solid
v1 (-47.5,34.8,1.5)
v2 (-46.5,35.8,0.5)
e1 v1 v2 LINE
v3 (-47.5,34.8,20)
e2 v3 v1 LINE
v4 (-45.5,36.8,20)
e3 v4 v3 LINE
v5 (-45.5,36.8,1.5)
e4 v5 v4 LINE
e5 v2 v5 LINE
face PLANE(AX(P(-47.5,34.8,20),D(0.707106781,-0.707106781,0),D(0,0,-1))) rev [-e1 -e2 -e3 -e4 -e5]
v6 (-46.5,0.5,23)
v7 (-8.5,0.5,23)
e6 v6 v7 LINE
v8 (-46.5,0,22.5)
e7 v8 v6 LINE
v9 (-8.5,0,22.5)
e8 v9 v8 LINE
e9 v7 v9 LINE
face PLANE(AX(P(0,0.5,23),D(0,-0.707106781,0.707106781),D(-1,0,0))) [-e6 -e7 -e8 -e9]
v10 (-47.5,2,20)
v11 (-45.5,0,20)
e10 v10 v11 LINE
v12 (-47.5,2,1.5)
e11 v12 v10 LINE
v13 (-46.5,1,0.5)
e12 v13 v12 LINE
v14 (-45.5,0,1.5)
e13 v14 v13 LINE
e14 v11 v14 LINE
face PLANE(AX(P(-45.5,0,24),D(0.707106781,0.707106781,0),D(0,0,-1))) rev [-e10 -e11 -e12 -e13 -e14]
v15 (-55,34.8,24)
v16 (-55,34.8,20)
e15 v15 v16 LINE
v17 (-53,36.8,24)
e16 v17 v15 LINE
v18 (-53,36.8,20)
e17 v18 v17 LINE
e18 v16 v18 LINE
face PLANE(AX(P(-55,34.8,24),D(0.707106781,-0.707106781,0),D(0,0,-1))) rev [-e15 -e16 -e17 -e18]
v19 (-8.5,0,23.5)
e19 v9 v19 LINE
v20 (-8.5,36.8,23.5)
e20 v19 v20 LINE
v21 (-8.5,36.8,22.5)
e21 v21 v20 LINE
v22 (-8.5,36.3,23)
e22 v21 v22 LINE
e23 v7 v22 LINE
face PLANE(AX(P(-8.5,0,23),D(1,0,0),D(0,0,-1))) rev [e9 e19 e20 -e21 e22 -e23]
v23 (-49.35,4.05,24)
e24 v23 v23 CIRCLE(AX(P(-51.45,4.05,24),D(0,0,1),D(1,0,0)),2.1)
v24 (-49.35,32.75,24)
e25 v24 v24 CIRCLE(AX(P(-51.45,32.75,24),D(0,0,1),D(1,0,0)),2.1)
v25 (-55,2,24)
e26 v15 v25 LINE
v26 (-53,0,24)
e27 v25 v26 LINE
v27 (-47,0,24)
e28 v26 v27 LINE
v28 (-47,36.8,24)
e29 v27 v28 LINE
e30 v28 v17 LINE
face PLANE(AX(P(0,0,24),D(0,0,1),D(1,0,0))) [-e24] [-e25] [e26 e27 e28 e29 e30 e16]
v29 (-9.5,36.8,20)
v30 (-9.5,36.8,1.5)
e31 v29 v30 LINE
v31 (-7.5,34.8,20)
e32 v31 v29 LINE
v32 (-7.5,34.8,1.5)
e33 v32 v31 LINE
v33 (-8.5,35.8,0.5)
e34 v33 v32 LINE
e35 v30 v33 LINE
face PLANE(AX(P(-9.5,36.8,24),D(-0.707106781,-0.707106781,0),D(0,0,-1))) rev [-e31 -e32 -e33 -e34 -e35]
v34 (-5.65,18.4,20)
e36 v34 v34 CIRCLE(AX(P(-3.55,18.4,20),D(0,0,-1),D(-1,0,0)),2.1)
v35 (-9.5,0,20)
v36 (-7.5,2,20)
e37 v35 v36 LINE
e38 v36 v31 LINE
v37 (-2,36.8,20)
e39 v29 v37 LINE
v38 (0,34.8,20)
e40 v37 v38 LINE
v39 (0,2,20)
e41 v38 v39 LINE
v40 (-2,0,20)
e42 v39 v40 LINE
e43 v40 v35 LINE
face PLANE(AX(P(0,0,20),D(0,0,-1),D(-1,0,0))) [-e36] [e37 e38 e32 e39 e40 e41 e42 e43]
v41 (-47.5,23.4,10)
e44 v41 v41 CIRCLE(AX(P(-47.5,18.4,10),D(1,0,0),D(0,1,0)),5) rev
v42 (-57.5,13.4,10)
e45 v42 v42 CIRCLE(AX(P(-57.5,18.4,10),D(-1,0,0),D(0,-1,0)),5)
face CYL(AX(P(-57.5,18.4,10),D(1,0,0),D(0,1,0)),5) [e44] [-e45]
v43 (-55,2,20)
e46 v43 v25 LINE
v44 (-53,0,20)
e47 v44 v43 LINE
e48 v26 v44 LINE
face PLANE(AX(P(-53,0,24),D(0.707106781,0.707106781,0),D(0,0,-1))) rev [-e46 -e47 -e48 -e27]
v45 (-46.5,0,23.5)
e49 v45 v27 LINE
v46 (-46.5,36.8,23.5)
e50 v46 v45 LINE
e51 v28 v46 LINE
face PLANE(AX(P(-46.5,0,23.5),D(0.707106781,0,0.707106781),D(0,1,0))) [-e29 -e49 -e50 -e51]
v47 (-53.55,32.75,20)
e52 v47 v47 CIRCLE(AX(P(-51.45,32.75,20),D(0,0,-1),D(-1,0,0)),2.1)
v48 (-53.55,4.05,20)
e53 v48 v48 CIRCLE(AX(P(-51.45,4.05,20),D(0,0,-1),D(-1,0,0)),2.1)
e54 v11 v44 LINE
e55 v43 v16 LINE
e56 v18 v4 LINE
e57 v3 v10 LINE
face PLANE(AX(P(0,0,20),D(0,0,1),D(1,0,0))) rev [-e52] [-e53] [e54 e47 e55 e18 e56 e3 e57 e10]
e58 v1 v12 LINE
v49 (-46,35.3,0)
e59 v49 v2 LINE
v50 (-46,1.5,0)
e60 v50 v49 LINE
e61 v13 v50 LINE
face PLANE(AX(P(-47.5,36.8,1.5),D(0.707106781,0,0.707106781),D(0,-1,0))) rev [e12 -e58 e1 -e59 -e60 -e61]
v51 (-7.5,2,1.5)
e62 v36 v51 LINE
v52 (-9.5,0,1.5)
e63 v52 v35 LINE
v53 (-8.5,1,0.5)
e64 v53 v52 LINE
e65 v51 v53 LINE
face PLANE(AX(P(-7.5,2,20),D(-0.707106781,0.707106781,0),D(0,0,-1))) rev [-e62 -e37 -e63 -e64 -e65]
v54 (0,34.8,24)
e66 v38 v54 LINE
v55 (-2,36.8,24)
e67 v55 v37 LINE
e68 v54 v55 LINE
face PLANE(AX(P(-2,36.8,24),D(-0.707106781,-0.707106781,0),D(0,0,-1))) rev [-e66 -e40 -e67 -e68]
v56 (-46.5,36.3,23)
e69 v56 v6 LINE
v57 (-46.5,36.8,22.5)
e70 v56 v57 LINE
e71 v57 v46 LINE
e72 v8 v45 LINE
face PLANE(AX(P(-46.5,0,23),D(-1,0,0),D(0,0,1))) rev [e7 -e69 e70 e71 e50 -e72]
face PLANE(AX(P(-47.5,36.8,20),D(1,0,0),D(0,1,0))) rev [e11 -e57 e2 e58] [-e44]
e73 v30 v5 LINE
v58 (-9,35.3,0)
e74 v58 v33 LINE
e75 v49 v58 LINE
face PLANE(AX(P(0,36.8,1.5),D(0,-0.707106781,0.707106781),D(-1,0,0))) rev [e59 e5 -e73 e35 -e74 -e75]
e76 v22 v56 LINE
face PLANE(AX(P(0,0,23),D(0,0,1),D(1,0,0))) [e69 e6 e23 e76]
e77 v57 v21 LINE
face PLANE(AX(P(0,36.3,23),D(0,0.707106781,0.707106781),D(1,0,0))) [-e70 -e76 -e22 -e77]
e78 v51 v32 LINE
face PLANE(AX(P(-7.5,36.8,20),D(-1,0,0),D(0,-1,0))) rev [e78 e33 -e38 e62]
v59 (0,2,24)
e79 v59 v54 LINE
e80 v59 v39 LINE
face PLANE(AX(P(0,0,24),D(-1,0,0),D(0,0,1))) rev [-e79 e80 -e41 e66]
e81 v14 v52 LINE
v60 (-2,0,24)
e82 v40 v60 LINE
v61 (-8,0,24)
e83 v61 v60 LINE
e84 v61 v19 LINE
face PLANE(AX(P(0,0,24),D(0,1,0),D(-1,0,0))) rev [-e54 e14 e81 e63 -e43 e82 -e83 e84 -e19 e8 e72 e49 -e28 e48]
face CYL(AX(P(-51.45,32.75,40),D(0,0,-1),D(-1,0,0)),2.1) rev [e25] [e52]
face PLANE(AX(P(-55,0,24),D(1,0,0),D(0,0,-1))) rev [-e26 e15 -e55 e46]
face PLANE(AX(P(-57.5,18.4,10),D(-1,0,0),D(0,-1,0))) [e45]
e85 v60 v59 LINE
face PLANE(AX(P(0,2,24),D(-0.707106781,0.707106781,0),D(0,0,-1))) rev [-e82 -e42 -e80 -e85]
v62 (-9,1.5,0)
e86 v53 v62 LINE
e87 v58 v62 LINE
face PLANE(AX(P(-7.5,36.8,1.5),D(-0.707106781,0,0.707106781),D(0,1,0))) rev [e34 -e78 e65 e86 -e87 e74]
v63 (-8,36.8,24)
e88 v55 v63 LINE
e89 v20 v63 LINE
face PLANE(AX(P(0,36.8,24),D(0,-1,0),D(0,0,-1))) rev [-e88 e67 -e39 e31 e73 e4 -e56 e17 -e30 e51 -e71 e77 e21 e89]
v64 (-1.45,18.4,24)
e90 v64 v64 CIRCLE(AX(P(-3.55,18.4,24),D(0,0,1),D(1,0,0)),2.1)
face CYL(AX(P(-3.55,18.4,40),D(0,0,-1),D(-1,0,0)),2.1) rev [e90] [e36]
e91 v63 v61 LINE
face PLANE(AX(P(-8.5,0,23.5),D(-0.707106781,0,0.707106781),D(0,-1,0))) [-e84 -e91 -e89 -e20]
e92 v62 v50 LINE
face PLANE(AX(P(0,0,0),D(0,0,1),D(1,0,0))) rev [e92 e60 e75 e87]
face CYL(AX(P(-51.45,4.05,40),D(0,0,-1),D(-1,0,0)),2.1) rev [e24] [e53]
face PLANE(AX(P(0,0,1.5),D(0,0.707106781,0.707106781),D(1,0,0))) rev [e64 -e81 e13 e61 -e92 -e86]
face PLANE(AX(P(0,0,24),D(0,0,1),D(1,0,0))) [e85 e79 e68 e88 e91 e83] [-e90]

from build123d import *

# Parameters (mm, degrees)
SKETCH_1_W          = 55
SKETCH_1_H          = 36.8
EXTRUDE_1_DEPTH     = 24
SKETCH_2_W          = 38
SKETCH_2_H          = 36.8
CUT_EXTRUDE_1_DEPTH = 1
CHAMFER_1_SIZE      = 0.5
CHAMFER_2_SIZE      = 0.5
SKETCH_3_W          = 7.5
SKETCH_3_H          = 36.8
CUT_EXTRUDE_2_DEPTH = 20
CHAMFER_3_SIZE      = 1.5
CHAMFER_4_SIZE      = 2
CHAMFER_5_SIZE      = 2
SKETCH_4_R          = 2.1
CUT_EXTRUDE_3_DEPTH = 20
SKETCH_5_R          = 5
EXTRUDE_2_DEPTH     = 10


with BuildPart() as part:
    # 草图1 → 凸台-拉伸1 (new body)
    with BuildSketch(Plane.XY):
        with Locations((-27.5, 18.4)):
            Rectangle(SKETCH_1_W, SKETCH_1_H)
    extrude(amount=EXTRUDE_1_DEPTH)

    # 草图2 → 切除-拉伸1 (cut)
    with BuildSketch(Plane.XY.offset(24)):
        with Locations((-27.5, 18.4)):
            Rectangle(SKETCH_2_W, SKETCH_2_H)
    extrude(amount=-CUT_EXTRUDE_1_DEPTH, mode=Mode.SUBTRACT)

    # 倒角1
    chamfer_1_edges = [part.edges().sort_by_distance(p)[0] for p in [
        (-46.5, 18.4, 24),
        (-8.5, 18.4, 24),
    ]]
    chamfer(chamfer_1_edges, length=CHAMFER_1_SIZE)

    # 倒角2
    chamfer_2_edges = [part.edges().sort_by_distance(p)[0] for p in [
        (-27.5, 36.8, 23),
        (-27.5, 0, 23),
    ]]
    chamfer(chamfer_2_edges, length=CHAMFER_2_SIZE)

    # 草图3 → 切除-拉伸2 (cut)
    with BuildSketch(Plane(origin=(0, 0, 0), x_dir=(-1, 0, 0), z_dir=(0, 0, -1))):
        with Locations((3.75, 18.4)):
            Rectangle(SKETCH_3_W, SKETCH_3_H)
        with Locations((51.25, 18.4)):
            Rectangle(SKETCH_3_W, SKETCH_3_H)
    extrude(amount=-CUT_EXTRUDE_2_DEPTH, mode=Mode.SUBTRACT)

    # 倒角3
    chamfer_3_edges = [part.edges().sort_by_distance(p)[0] for p in [
        (-27.5, 0, 0),
        (-27.5, 36.8, 0),
        (-7.5, 18.4, 0),
        (-47.5, 18.4, 0),
    ]]
    chamfer(chamfer_3_edges, length=CHAMFER_3_SIZE)

    # 倒角4
    chamfer_4_edges = [part.edges().sort_by_distance(p)[0] for p in [
        (-7.5, 36.8, 10.75),
        (-7.5, 0, 10.75),
        (-47.5, 0, 10.75),
        (-47.5, 36.8, 10.75),
    ]]
    chamfer(chamfer_4_edges, length=CHAMFER_4_SIZE)

    # 倒角5
    chamfer_5_edges = [part.edges().sort_by_distance(p)[0] for p in [
        (0, 0, 22),
        (-55, 0, 22),
        (-55, 36.8, 22),
        (0, 36.8, 22),
    ]]
    chamfer(chamfer_5_edges, length=CHAMFER_5_SIZE)

    # 草图4 → 切除-拉伸3 (cut)
    with BuildSketch(Plane(origin=(0, 0, 20), x_dir=(-1, 0, 0), z_dir=(0, 0, -1))):
        with Locations((3.55, 18.4)):
            Circle(SKETCH_4_R)
        with Locations((51.45, 32.75)):
            Circle(SKETCH_4_R)
        with Locations((51.45, 4.05)):
            Circle(SKETCH_4_R)
    extrude(amount=-CUT_EXTRUDE_3_DEPTH, mode=Mode.SUBTRACT)

    # 草图5 → 凸台-拉伸2 (add)
    with BuildSketch(Plane.ZY.offset(47.5)):
        with Locations(Location((10, 18.4, 0), (0, 0, 90))):
            Circle(SKETCH_5_R)
    extrude(amount=EXTRUDE_2_DEPTH)


solid = part.part
